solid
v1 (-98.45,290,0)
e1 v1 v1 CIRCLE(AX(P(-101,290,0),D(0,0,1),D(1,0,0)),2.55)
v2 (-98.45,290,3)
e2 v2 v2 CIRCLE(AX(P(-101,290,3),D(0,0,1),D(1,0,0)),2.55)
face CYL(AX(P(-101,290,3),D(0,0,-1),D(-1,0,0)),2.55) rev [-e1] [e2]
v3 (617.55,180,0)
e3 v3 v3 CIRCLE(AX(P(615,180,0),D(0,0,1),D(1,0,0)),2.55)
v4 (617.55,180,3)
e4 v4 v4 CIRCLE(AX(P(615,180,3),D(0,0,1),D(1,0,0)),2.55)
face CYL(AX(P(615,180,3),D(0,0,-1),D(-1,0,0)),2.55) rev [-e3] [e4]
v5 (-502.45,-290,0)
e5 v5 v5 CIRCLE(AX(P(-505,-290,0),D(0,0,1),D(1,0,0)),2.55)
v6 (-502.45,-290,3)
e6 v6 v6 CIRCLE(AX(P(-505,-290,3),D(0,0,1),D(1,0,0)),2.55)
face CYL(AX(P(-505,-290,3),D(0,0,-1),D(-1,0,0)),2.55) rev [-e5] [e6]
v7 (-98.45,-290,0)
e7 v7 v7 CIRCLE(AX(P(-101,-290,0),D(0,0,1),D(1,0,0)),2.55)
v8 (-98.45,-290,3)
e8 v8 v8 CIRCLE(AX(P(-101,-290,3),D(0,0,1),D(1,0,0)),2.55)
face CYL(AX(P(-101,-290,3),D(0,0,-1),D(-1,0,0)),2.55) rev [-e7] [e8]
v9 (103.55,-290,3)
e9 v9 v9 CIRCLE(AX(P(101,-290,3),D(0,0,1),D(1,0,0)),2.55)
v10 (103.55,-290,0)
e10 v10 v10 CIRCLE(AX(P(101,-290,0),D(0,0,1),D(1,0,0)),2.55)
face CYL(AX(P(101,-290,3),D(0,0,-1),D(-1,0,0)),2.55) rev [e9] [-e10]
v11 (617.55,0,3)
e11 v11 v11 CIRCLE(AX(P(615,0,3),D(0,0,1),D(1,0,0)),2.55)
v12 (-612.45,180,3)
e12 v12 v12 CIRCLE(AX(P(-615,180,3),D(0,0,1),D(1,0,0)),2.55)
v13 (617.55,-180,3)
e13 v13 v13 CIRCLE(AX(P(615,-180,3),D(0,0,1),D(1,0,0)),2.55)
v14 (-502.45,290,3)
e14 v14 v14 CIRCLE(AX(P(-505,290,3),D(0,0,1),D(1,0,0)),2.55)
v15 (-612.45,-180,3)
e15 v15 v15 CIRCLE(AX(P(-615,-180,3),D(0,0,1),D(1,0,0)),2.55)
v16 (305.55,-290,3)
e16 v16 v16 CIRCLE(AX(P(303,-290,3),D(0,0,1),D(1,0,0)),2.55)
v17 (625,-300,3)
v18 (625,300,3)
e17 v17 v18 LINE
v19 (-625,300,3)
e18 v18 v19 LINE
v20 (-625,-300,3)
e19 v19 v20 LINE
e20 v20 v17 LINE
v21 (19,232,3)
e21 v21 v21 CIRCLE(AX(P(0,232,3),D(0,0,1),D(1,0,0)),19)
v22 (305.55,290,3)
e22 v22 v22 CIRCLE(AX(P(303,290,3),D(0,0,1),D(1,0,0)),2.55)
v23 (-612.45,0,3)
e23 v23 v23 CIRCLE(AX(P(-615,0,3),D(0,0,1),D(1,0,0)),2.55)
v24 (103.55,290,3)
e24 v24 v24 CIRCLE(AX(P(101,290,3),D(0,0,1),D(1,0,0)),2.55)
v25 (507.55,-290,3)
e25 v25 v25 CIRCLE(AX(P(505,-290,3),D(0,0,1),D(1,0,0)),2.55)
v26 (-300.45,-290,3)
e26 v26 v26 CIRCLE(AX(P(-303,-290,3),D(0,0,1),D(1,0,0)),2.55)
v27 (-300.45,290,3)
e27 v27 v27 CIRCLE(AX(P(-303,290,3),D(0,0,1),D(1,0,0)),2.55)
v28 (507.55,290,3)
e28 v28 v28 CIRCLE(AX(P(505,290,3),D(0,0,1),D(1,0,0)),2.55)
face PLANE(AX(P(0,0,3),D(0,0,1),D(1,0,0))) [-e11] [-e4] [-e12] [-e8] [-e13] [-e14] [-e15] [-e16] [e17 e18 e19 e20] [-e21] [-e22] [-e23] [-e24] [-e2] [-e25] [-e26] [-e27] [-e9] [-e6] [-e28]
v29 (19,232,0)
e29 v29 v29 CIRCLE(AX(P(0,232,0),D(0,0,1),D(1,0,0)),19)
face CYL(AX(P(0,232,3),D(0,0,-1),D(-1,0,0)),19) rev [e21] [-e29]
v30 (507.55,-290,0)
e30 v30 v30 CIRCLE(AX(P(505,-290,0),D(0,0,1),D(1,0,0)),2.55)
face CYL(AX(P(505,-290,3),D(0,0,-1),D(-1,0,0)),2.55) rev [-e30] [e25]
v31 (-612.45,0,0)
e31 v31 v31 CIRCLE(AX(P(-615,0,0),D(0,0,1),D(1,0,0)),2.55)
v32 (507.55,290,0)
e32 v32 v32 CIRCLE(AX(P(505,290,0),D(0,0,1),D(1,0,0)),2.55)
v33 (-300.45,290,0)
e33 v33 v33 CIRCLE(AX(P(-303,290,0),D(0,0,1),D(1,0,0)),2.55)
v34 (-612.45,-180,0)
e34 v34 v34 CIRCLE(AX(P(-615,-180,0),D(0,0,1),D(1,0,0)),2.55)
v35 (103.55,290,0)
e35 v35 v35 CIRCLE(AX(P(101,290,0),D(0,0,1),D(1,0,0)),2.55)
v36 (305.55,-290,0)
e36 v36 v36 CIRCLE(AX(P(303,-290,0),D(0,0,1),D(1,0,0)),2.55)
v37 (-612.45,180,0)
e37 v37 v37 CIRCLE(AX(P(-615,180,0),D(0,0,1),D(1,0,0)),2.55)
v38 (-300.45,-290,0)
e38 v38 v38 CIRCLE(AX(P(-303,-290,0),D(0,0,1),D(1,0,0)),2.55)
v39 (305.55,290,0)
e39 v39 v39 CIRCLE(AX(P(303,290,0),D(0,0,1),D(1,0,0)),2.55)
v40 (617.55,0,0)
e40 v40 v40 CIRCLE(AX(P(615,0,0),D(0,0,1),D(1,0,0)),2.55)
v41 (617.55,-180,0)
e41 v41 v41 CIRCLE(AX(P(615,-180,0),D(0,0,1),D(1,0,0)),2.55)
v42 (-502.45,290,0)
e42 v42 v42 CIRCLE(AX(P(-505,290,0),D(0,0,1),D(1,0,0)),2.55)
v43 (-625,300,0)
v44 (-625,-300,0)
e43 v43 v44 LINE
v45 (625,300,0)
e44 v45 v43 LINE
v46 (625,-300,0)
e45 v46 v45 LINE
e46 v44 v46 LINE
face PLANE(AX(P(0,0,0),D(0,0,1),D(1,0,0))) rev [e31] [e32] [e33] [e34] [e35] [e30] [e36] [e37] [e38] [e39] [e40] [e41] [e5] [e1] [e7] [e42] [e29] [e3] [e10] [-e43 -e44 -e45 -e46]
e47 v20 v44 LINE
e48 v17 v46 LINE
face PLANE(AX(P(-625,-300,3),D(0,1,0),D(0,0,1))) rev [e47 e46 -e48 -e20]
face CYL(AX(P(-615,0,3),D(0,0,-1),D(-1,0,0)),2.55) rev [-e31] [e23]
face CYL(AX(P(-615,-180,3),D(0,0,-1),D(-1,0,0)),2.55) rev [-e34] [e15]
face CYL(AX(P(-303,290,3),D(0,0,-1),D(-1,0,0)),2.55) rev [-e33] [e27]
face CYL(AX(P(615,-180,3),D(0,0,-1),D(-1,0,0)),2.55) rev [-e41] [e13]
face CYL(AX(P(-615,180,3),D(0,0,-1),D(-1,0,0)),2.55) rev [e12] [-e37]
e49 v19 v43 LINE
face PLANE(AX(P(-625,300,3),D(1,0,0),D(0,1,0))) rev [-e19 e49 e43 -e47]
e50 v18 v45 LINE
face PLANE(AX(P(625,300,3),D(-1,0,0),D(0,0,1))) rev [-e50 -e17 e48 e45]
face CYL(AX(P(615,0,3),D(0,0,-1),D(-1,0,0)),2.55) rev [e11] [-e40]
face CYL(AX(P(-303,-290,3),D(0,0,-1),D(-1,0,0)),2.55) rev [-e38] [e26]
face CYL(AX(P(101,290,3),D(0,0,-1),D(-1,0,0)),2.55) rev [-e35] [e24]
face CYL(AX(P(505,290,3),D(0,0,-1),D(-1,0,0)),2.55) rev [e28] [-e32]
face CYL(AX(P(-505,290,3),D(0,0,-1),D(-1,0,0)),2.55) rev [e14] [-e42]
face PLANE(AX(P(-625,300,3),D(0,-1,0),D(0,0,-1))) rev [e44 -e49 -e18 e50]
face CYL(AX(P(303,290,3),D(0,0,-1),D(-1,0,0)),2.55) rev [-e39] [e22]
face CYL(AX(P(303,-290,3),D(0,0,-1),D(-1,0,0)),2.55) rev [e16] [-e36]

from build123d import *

# Parameters (mm, degrees)
SKETCH1_W           = 1250
SKETCH1_H           = 600
SKETCH1_R           = 2.55
SKETCH1_R_2         = 19
BOSS_EXTRUDE1_DEPTH = 3


with BuildPart() as part:
    # Sketch1 → Boss-Extrude1 (new body)
    with BuildSketch(Plane.XY):
        Rectangle(SKETCH1_W, SKETCH1_H)
        with Locations((303, 290)):
            Circle(SKETCH1_R, mode=Mode.SUBTRACT)
        with Locations((101, 290)):
            Circle(SKETCH1_R, mode=Mode.SUBTRACT)
        with Locations((-101, 290)):
            Circle(SKETCH1_R, mode=Mode.SUBTRACT)
        with Locations((-303, 290)):
            Circle(SKETCH1_R, mode=Mode.SUBTRACT)
        with Locations((505, 290)):
            Circle(SKETCH1_R, mode=Mode.SUBTRACT)
        with Locations((505, -290)):
            Circle(SKETCH1_R, mode=Mode.SUBTRACT)
        with Locations((-505, 290)):
            Circle(SKETCH1_R, mode=Mode.SUBTRACT)
        with Locations((303, -290)):
            Circle(SKETCH1_R, mode=Mode.SUBTRACT)
        with Locations((101, -290)):
            Circle(SKETCH1_R, mode=Mode.SUBTRACT)
        with Locations((-101, -290)):
            Circle(SKETCH1_R, mode=Mode.SUBTRACT)
        with Locations((615, 180)):
            Circle(SKETCH1_R, mode=Mode.SUBTRACT)
        with Locations((-615, 180)):
            Circle(SKETCH1_R, mode=Mode.SUBTRACT)
        with Locations((-615, 0)):
            Circle(SKETCH1_R, mode=Mode.SUBTRACT)
        with Locations((-615, -180)):
            Circle(SKETCH1_R, mode=Mode.SUBTRACT)
        with Locations((-303, -290)):
            Circle(SKETCH1_R, mode=Mode.SUBTRACT)
        with Locations((615, 0)):
            Circle(SKETCH1_R, mode=Mode.SUBTRACT)
        with Locations((615, -180)):
            Circle(SKETCH1_R, mode=Mode.SUBTRACT)
        with Locations((-505, -290)):
            Circle(SKETCH1_R, mode=Mode.SUBTRACT)
        with Locations((0, 232)):
            Circle(SKETCH1_R_2, mode=Mode.SUBTRACT)
    extrude(amount=BOSS_EXTRUDE1_DEPTH)


solid = part.part
